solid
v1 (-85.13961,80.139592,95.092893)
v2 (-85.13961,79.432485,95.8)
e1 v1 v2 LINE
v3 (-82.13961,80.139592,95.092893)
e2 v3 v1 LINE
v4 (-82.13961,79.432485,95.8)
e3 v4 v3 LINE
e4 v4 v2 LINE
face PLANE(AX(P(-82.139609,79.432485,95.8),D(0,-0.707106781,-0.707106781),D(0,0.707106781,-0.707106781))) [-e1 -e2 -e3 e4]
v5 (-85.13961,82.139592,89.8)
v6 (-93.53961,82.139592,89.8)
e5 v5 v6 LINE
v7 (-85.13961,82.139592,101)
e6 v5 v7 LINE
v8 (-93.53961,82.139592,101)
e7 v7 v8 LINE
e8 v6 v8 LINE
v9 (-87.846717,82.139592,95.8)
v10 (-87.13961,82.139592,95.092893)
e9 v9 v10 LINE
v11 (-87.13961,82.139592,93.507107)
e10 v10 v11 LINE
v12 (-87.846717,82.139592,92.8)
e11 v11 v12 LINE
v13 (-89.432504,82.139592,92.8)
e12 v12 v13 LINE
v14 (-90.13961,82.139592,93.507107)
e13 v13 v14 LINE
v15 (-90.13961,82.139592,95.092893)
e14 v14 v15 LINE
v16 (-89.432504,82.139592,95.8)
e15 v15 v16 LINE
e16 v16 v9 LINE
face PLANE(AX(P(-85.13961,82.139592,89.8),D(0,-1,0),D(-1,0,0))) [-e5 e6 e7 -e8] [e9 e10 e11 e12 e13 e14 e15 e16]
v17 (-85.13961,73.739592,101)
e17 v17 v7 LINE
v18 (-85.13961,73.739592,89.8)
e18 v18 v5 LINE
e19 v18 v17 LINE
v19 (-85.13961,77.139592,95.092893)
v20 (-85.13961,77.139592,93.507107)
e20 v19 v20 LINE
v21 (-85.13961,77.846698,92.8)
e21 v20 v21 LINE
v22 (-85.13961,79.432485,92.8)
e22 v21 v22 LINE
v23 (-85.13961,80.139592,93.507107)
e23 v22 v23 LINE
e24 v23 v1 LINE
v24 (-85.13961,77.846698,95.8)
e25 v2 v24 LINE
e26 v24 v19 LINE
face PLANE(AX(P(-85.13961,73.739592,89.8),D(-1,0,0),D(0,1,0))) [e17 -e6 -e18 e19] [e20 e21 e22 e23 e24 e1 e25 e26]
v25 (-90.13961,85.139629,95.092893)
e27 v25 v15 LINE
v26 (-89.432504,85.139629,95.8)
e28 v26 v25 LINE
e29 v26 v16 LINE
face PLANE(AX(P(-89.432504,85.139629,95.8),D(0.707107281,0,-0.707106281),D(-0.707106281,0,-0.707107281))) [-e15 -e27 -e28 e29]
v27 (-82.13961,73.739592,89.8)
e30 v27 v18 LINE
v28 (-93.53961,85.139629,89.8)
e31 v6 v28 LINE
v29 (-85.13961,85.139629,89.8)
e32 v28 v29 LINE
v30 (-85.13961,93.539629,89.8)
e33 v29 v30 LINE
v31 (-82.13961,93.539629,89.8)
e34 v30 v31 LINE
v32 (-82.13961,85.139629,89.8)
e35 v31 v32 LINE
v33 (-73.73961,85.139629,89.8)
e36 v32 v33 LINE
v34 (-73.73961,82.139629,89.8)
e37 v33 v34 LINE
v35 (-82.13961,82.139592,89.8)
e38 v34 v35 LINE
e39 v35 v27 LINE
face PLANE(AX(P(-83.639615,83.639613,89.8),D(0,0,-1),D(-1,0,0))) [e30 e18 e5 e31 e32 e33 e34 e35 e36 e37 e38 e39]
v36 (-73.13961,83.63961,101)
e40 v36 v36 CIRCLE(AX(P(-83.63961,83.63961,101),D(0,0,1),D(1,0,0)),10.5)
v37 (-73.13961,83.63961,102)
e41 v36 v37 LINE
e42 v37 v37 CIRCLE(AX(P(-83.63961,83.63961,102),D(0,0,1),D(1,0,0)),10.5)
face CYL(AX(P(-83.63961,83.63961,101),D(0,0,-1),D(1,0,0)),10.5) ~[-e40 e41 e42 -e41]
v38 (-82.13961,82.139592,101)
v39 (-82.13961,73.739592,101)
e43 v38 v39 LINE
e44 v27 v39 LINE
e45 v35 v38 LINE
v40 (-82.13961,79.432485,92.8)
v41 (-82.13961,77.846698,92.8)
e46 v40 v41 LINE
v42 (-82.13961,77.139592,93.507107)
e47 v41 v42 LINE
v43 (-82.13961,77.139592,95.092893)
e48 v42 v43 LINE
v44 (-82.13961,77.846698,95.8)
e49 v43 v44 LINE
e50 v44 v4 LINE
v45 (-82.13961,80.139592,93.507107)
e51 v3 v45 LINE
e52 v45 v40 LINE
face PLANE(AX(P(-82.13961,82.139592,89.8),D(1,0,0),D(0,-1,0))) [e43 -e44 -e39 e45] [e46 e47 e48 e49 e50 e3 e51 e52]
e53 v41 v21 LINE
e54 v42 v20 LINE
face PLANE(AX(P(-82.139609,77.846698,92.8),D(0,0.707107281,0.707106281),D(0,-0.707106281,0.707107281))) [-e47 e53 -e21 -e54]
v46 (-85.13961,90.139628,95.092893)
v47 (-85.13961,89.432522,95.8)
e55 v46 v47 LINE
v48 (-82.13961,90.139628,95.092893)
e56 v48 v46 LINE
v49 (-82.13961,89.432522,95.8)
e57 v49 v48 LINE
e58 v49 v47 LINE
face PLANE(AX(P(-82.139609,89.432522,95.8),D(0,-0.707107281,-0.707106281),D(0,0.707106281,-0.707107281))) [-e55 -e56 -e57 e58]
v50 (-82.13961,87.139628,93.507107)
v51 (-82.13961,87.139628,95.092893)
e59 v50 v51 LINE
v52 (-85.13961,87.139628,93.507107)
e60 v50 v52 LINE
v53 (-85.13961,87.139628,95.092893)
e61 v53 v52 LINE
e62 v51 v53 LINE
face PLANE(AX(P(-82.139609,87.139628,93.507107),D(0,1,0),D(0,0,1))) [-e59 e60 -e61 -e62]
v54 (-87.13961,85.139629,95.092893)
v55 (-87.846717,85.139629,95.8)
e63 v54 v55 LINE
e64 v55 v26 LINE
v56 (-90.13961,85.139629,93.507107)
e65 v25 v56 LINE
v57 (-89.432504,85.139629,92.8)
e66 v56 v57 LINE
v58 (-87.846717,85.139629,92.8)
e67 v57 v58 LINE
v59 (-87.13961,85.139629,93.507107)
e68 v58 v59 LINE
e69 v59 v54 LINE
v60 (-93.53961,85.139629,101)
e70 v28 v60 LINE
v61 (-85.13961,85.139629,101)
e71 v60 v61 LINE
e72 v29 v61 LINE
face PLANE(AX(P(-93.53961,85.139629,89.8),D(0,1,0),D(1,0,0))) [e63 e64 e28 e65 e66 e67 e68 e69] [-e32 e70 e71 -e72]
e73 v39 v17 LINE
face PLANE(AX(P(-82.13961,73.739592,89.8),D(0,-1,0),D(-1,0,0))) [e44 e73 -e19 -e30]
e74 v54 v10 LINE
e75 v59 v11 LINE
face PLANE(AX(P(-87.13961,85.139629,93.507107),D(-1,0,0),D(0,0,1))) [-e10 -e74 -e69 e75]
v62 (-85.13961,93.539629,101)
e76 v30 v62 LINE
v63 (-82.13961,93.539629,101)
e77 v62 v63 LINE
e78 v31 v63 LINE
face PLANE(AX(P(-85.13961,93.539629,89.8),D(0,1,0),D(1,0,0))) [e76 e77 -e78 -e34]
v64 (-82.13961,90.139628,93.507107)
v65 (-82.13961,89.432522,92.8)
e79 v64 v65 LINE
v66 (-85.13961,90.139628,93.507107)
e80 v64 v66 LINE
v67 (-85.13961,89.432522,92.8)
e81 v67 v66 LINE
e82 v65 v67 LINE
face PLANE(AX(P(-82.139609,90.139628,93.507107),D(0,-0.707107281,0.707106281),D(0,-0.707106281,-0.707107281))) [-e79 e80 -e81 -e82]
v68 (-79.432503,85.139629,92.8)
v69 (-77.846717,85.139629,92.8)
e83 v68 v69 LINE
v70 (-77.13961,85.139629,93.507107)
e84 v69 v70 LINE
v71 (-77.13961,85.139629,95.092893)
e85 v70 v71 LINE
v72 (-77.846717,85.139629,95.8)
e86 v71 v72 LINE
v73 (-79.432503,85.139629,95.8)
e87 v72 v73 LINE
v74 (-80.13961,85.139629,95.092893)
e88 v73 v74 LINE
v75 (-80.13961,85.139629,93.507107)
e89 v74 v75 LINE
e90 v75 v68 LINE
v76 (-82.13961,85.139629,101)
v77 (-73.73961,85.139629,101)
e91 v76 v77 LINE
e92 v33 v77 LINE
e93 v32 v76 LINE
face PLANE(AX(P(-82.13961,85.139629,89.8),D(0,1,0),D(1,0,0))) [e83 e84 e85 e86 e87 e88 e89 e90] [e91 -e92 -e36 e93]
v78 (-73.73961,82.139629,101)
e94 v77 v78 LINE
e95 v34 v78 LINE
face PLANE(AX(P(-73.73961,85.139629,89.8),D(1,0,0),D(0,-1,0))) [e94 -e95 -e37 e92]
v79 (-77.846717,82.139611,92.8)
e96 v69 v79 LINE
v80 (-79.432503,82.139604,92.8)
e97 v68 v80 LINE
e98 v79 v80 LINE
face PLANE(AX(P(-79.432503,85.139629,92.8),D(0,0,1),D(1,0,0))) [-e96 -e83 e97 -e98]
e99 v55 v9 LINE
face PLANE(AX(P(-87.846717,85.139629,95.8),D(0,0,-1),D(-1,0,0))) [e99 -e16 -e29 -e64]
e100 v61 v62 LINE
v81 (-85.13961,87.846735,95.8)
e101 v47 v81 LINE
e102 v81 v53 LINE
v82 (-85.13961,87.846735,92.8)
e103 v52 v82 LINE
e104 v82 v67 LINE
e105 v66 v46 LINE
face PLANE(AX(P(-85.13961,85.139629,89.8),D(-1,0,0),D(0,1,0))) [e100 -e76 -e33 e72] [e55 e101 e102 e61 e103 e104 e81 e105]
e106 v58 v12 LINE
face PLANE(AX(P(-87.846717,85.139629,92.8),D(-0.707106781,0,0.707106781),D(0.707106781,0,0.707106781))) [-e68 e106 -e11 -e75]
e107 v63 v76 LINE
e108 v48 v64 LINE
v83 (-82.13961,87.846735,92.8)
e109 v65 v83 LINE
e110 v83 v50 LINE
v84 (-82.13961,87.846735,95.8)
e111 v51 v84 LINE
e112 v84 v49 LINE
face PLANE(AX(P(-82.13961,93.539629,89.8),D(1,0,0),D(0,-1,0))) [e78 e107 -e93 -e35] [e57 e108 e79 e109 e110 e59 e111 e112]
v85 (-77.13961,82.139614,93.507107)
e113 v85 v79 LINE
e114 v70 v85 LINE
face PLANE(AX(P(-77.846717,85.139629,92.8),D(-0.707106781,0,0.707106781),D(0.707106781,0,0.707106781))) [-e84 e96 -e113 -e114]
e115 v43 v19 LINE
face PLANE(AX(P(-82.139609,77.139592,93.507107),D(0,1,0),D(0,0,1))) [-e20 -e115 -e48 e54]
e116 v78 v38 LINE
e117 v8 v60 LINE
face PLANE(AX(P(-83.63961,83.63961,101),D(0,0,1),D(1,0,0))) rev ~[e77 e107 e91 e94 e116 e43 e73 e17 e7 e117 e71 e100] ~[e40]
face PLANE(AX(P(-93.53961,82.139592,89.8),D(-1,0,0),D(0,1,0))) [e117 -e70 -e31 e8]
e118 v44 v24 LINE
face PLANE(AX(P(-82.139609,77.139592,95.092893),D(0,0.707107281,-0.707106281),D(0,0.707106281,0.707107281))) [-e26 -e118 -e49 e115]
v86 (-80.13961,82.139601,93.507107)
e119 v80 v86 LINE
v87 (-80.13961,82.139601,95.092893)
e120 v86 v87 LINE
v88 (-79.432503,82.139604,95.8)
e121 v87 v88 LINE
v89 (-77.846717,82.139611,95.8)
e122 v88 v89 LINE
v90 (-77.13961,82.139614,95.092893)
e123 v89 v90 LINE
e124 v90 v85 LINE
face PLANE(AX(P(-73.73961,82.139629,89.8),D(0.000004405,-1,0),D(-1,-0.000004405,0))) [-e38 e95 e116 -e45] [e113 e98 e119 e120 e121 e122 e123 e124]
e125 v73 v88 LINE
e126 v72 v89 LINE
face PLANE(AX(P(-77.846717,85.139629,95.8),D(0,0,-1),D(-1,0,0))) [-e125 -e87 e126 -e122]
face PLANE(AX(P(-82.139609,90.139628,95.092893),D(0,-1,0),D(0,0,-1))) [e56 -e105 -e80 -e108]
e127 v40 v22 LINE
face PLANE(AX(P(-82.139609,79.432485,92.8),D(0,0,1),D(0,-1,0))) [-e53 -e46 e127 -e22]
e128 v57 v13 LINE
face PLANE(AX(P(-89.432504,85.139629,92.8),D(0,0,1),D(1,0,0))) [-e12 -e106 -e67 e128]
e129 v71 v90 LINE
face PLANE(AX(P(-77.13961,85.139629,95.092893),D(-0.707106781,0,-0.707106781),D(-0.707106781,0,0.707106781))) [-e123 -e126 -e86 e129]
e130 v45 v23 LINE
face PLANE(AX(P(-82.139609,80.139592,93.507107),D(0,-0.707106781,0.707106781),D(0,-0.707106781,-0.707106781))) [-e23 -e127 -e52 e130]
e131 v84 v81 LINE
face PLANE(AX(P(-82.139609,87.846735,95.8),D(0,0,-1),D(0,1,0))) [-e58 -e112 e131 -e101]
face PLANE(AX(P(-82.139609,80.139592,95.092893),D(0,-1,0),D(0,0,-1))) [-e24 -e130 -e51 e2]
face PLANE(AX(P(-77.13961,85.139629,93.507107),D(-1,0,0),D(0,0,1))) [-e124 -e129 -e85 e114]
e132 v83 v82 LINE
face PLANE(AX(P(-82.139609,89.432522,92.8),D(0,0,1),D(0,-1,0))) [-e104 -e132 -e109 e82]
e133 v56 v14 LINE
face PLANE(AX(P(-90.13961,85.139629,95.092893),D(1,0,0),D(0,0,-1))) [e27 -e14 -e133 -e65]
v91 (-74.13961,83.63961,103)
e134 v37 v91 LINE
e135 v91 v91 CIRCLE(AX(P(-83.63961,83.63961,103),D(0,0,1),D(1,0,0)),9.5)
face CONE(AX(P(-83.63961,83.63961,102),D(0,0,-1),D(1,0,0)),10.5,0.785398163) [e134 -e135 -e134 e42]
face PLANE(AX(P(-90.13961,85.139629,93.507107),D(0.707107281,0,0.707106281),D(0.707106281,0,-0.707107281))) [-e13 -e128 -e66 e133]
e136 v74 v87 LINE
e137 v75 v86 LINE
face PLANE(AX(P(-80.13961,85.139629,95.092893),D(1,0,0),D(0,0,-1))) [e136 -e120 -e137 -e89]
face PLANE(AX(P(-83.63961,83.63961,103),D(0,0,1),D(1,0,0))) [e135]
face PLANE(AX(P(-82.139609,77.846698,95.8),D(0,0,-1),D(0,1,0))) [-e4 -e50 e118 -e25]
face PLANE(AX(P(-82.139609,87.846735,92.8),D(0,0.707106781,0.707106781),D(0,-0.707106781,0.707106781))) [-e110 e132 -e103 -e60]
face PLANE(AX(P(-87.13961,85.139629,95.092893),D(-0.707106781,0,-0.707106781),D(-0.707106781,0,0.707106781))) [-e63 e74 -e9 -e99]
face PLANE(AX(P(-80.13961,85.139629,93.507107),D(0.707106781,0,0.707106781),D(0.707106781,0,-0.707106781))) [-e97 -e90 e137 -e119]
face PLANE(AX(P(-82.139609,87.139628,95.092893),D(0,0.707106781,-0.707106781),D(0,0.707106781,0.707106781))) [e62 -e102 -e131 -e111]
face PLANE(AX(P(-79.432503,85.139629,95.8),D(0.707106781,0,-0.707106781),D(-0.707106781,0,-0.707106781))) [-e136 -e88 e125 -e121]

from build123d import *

# Parameters (mm, degrees)
PAD042_DEPTH    = 11.2
SKETCH075_R     = 10.5
PAD043_DEPTH    = 2
CHAMFER004_SIZE = 1
POCKET032_DEPTH = 12.001018
POCKET033_DEPTH = 12.001


with BuildPart() as part:
    # Sketch074 (on Face4 of Binder018) → Pad042 (new body)
    with BuildSketch(Plane.XY.offset(89.8)):
        Polygon((-85.13961, 93.539629), (-82.13961, 93.539629), (-82.13961, 85.139629), (-73.73961, 85.139629), (-73.73961, 82.139629), (-82.13961, 82.139592), (-82.13961, 73.739592), (-85.13961, 73.739592), (-85.13961, 82.139592), (-93.53961, 82.139592), (-93.53961, 85.139629), (-85.13961, 85.139629), align=None)
    extrude(amount=PAD042_DEPTH)

    # Sketch075 (on Face14 of Pad042) → Pad043 (join)
    with BuildSketch(Plane.XY.offset(101)):
        with Locations((-83.63961, 83.63961)):
            Circle(SKETCH075_R)
    extrude(amount=PAD043_DEPTH)

    # Chamfer004
    chamfer004_edges = [part.edges().sort_by_distance(p)[0] for p in [
        (-94.13961, 83.63961, 103),
    ]]
    chamfer(chamfer004_edges, length=CHAMFER004_SIZE)

    # Sketch076 (on Face6 of Chamfer004) → Pocket032 (cut, through all)
    with BuildSketch(Plane(origin=(0, 85.139629, 0), x_dir=(-1, 0, 0), z_dir=(0, 1, 0))):
        Polygon((77.846717, 95.8), (79.432503, 95.8), (80.13961, 95.092893), (80.13961, 93.507107), (79.432503, 92.8), (77.846717, 92.8), (77.13961, 93.507107), (77.13961, 95.092893), align=None)
        Polygon((87.13961, 95.092893), (87.846717, 95.8), (89.432504, 95.8), (90.13961, 95.092893), (90.13961, 93.507107), (89.432504, 92.8), (87.846717, 92.8), (87.13961, 93.507107), align=None)
    extrude(amount=-POCKET032_DEPTH, mode=Mode.SUBTRACT)

    # Sketch077 (on Face15 of Pocket032) → Pocket033 (cut, through all)
    with BuildSketch(Plane(origin=(-82.139609, -1e-06, 0), x_dir=(0, 1, 0), z_dir=(1, 0, 0))):
        Polygon((87.846736, 95.8), (89.432523, 95.8), (90.139629, 95.092893), (90.139629, 93.507107), (89.432523, 92.8), (87.846736, 92.8), (87.139629, 93.507107), (87.139629, 95.092893), align=None)
        Polygon((77.846699, 95.8), (79.432486, 95.8), (80.139593, 95.092893), (80.139593, 93.507107), (79.432486, 92.8), (77.846699, 92.8), (77.139593, 93.507107), (77.139593, 95.092893), align=None)
    extrude(amount=-POCKET033_DEPTH, mode=Mode.SUBTRACT)


solid = part.part
